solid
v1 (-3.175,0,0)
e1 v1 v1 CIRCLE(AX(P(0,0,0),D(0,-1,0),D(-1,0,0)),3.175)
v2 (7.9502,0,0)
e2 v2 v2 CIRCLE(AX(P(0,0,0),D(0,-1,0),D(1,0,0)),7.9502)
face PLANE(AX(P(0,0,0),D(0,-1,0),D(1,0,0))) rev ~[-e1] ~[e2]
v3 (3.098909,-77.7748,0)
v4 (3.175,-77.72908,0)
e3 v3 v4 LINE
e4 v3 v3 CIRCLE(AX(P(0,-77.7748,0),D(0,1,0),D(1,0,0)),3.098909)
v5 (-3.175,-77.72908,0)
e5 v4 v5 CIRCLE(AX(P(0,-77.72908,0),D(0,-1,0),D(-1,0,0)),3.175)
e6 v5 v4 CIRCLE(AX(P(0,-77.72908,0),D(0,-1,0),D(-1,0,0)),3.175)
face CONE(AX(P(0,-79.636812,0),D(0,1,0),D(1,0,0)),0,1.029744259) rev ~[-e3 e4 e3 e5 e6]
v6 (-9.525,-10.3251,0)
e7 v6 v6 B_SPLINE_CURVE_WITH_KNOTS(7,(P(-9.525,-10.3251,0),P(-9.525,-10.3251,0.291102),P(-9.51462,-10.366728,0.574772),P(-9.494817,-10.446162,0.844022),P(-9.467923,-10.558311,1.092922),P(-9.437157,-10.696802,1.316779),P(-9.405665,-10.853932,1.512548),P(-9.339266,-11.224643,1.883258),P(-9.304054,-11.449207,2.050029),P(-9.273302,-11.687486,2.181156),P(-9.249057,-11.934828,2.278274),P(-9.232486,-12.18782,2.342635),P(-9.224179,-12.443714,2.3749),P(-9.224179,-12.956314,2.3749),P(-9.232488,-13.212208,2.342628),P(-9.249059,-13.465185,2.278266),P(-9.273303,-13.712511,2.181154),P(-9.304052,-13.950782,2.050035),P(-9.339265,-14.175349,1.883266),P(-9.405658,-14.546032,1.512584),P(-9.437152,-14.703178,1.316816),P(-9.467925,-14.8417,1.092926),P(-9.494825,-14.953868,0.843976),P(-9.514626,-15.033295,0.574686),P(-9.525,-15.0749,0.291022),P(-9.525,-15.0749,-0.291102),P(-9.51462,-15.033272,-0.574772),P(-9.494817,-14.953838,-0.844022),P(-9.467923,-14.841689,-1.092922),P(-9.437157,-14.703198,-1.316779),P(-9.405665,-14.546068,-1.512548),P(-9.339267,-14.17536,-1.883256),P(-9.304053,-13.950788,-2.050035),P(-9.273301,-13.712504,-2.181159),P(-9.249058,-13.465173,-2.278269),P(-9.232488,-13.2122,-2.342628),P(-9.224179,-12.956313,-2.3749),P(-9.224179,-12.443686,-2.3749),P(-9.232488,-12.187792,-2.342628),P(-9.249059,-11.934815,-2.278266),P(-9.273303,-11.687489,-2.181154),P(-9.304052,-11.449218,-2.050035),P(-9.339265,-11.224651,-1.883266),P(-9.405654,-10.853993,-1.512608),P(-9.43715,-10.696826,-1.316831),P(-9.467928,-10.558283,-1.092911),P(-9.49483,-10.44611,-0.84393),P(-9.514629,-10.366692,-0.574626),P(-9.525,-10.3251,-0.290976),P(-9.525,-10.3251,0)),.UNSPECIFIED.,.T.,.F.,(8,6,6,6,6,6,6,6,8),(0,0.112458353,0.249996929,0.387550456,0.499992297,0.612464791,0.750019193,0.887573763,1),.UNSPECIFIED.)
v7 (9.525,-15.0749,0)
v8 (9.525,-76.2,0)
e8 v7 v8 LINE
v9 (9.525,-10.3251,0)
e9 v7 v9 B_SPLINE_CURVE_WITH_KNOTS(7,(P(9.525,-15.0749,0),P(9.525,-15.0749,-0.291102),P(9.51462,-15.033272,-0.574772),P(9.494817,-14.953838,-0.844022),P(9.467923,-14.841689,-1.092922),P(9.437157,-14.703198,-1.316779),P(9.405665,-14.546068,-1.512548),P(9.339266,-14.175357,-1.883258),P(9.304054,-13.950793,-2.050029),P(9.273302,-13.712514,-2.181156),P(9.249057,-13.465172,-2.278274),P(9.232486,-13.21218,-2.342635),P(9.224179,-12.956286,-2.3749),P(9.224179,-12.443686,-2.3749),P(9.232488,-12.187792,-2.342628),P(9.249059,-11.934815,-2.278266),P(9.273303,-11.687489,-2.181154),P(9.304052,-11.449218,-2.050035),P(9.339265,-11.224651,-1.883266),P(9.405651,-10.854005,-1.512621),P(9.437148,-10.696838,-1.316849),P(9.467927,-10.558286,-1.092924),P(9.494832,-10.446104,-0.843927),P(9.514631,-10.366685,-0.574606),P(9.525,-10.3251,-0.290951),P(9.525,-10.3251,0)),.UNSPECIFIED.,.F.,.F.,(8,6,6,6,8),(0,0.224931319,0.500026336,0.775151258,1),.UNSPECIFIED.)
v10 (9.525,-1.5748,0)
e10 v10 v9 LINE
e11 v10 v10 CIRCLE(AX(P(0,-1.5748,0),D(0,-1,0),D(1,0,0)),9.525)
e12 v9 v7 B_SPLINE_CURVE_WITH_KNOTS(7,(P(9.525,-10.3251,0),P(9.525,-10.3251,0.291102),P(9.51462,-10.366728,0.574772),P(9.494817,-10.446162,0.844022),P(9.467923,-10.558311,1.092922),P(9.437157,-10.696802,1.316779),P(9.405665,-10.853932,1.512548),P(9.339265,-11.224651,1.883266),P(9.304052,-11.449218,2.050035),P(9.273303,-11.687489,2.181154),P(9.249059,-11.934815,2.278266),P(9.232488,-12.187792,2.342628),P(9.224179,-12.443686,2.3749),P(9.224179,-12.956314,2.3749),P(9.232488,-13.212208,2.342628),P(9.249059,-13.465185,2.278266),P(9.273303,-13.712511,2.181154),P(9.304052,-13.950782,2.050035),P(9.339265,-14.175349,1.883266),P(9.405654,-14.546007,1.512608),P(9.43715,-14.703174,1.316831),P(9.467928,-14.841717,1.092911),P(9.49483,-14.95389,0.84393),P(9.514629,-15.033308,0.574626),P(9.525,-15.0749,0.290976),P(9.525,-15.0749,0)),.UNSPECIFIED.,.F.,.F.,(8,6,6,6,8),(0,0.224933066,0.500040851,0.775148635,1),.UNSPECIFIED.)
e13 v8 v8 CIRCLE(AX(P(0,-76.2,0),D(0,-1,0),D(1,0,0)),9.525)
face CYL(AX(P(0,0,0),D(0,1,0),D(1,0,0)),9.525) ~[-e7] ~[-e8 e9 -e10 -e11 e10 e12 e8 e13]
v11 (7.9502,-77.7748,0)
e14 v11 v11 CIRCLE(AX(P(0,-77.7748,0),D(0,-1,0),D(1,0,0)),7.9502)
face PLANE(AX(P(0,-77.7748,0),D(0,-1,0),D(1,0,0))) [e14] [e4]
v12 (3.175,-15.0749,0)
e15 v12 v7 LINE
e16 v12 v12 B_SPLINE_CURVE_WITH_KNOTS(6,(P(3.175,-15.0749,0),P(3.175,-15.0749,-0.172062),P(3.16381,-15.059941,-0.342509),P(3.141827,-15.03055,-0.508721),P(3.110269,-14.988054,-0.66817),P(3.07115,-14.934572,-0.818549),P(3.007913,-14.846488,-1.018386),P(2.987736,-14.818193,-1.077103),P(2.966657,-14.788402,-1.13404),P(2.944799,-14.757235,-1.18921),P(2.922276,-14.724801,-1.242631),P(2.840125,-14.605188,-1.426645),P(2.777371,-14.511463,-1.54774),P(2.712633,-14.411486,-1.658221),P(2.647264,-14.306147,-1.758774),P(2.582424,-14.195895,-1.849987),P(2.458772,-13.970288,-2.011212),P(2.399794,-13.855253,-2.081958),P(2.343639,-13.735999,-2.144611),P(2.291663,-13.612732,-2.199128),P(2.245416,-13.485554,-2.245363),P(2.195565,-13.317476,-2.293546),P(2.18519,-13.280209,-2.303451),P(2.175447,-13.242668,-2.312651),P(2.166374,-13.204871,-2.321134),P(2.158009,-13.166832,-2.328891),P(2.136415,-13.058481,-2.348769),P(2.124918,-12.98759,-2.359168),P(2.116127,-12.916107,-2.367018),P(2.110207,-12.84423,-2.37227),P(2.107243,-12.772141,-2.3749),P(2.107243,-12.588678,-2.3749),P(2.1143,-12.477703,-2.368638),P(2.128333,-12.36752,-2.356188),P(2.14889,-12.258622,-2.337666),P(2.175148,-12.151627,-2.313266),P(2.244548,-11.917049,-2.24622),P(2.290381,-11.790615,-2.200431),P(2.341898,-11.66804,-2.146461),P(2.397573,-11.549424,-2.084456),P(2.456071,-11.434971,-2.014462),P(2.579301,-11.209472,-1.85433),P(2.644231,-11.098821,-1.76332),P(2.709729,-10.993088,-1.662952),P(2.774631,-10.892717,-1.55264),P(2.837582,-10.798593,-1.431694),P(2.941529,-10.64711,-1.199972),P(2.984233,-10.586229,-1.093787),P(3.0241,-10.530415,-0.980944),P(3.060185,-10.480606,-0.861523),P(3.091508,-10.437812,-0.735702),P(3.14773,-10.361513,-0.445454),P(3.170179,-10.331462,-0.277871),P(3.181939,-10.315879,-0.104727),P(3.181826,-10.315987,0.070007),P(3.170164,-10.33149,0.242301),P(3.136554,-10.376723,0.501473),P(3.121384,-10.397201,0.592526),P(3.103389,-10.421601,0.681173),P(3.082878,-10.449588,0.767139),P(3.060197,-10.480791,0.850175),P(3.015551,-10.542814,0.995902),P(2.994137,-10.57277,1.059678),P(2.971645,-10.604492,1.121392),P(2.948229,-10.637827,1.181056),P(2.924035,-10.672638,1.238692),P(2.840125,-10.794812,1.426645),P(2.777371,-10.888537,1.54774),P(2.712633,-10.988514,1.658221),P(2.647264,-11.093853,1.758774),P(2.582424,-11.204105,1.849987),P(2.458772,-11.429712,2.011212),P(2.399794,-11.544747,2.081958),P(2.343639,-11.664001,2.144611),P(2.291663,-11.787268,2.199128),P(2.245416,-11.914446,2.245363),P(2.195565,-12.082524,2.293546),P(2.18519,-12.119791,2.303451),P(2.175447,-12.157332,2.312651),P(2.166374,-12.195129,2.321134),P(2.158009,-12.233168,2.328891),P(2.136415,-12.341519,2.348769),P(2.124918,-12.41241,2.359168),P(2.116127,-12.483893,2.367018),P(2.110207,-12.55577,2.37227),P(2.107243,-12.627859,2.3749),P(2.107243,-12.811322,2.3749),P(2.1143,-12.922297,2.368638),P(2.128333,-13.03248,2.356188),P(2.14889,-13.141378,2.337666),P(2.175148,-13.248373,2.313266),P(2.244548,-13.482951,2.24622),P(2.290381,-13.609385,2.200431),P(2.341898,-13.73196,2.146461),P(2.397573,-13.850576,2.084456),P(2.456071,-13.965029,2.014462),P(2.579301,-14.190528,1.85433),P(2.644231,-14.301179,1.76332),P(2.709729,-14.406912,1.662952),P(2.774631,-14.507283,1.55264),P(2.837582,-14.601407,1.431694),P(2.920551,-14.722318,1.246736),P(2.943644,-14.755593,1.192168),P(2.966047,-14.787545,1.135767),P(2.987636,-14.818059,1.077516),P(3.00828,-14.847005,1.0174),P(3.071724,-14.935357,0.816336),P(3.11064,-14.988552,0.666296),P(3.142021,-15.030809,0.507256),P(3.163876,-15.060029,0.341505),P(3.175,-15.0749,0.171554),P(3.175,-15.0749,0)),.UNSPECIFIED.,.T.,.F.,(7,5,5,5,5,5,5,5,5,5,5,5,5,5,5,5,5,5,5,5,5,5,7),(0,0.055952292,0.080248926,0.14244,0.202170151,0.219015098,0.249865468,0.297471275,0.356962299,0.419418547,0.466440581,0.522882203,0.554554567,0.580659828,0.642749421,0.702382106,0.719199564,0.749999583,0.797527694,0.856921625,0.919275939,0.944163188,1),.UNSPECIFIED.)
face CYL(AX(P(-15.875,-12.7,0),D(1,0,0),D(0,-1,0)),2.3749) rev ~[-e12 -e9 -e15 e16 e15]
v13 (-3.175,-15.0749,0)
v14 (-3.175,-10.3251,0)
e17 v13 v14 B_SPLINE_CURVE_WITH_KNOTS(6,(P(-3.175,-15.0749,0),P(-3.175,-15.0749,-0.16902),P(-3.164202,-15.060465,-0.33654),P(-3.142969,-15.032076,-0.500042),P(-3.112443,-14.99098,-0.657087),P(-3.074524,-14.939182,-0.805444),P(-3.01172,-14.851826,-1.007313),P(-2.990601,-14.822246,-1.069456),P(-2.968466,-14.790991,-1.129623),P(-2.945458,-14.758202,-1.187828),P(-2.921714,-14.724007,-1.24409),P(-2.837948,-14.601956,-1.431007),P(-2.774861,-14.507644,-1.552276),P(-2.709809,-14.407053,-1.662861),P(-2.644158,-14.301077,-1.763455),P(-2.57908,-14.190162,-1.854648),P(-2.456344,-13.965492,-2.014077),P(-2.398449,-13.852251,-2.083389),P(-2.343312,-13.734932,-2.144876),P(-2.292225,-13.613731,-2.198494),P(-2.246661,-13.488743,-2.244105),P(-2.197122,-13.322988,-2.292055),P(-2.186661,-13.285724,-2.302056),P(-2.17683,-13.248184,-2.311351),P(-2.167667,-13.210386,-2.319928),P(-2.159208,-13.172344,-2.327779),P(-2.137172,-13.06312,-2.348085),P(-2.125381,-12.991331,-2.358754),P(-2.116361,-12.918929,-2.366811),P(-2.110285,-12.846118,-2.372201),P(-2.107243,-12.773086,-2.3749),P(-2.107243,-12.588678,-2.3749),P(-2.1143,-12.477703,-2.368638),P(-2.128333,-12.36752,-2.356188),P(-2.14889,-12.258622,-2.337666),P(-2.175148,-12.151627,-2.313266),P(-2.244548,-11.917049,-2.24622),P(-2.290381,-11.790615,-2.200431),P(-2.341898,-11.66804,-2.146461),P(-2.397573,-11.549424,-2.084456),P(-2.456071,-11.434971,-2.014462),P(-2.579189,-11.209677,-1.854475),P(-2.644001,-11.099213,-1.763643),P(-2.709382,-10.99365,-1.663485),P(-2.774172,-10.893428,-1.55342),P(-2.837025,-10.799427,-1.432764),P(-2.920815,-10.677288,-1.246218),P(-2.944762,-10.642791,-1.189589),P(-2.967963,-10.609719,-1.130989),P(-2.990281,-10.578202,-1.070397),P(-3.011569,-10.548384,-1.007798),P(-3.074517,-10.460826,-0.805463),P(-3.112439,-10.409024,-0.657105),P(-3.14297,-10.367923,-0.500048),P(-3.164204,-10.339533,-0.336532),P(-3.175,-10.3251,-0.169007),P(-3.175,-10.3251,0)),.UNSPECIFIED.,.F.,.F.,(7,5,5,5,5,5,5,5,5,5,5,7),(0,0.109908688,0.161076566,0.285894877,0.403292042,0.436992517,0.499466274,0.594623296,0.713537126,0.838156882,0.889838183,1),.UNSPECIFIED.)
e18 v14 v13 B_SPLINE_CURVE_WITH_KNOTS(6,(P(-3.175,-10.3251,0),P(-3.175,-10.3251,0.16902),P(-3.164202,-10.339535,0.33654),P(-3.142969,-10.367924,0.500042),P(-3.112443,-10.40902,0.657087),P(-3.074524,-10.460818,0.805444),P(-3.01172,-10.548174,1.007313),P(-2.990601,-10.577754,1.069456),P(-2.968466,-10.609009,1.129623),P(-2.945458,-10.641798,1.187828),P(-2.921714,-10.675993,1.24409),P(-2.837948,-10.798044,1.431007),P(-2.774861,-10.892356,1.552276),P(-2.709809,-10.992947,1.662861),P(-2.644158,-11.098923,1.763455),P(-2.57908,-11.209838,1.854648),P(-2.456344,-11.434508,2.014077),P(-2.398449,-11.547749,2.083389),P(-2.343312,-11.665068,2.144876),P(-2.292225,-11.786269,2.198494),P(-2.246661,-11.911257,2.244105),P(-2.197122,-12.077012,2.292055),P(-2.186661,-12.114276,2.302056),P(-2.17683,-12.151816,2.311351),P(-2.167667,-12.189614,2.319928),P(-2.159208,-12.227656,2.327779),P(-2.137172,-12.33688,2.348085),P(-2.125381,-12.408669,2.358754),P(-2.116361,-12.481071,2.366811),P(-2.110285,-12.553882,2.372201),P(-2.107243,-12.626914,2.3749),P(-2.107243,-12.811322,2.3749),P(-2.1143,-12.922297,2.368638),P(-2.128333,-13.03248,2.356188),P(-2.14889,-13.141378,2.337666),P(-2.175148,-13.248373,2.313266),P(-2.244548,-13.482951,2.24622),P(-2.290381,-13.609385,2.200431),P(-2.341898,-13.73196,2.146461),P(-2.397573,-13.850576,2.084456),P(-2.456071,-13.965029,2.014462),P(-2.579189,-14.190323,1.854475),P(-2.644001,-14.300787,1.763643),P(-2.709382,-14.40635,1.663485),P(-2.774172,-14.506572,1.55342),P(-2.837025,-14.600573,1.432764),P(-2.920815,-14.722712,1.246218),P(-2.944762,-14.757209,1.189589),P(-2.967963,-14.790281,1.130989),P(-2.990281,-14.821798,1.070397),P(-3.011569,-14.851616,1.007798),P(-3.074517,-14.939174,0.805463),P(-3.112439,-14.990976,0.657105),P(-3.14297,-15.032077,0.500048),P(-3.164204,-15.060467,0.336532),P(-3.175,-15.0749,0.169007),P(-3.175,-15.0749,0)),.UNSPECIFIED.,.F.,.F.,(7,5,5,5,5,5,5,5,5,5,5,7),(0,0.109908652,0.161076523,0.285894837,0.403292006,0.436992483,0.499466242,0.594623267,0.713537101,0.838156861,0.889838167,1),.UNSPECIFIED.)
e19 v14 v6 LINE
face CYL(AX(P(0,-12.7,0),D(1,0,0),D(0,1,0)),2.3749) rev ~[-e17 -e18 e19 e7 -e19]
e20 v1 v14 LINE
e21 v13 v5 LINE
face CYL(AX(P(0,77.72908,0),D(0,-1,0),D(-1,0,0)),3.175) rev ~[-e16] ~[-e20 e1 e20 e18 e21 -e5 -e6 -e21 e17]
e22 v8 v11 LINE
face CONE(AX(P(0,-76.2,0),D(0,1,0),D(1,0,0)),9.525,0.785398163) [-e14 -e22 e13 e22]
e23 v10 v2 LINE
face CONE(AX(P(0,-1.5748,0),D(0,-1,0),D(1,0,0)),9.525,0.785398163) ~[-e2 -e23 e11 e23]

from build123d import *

# Parameters (mm, degrees)
F0_R     = 9.525
F1_DEPTH = 77.7748
F3_D     = 6.35
F3_DEPTH = 77.72908
F3_TIP   = 1.9077324654
F4_SIZE2 = 1.5748
F4_SIZE  = 1.5748
F6_D     = 4.7498
F6_DEPTH = 19.05
F6_TIP   = 1.4269838841
F8_D     = 4.7498
F8_DEPTH = 19.05
F8_START = 3.1750001
F8_TIP   = 1.4269838841


with BuildPart() as f1:
    # F0 (on Front) → F1 (new body)
    with BuildSketch(Plane.XZ):
        Circle(F0_R)
    extrude(amount=F1_DEPTH)

    # F3
    with Locations(Plane(origin=(0, 0, 0), x_dir=(1, 0, 0), z_dir=(0, 1, 0))):
        with Locations((0, 0)):
            Hole(F3_D / 2, depth=F3_DEPTH)
            with Locations((0, 0, -(F3_DEPTH + F3_TIP / 2))):  # 118° drill point
                Cone(0, F3_D / 2, F3_TIP, mode=Mode.SUBTRACT)

    # F4
    f4_edges = [f1.edges().sort_by_distance(p)[0] for p in [
        (-9.525, -77.7748, 0),
        (-9.525, 0, 0),
    ]]
    chamfer(f4_edges, length=F4_SIZE, length2=F4_SIZE2)

    # F6 (one way)
    with BuildSketch(Plane.YZ):
        with Locations((-12.7, 0)):
            Circle(F6_D / 2)
    extrude(amount=-F6_DEPTH, mode=Mode.SUBTRACT)
    with Locations(Plane.YZ):
        with Locations((-12.7, 0)):
            with Locations((0, 0, -(F6_DEPTH + F6_TIP / 2))):  # 118° drill point
                Cone(0, F6_D / 2, F6_TIP, mode=Mode.SUBTRACT)

    # F8
    # its depths count from where the whole tool has entered the part; down to there all is cleared
    with Locations(Plane(origin=(0, 0, 0), x_dir=(0, 1, 0), z_dir=(-1, 0, 0)).offset(-F8_START)):
        with Locations((-12.7, 0)):
            Hole(F8_D / 2, depth=F8_DEPTH)
            with Locations((0, 0, -(F8_DEPTH + F8_TIP / 2))):  # 118° drill point
                Cone(0, F8_D / 2, F8_TIP, mode=Mode.SUBTRACT)


solid = f1.part
